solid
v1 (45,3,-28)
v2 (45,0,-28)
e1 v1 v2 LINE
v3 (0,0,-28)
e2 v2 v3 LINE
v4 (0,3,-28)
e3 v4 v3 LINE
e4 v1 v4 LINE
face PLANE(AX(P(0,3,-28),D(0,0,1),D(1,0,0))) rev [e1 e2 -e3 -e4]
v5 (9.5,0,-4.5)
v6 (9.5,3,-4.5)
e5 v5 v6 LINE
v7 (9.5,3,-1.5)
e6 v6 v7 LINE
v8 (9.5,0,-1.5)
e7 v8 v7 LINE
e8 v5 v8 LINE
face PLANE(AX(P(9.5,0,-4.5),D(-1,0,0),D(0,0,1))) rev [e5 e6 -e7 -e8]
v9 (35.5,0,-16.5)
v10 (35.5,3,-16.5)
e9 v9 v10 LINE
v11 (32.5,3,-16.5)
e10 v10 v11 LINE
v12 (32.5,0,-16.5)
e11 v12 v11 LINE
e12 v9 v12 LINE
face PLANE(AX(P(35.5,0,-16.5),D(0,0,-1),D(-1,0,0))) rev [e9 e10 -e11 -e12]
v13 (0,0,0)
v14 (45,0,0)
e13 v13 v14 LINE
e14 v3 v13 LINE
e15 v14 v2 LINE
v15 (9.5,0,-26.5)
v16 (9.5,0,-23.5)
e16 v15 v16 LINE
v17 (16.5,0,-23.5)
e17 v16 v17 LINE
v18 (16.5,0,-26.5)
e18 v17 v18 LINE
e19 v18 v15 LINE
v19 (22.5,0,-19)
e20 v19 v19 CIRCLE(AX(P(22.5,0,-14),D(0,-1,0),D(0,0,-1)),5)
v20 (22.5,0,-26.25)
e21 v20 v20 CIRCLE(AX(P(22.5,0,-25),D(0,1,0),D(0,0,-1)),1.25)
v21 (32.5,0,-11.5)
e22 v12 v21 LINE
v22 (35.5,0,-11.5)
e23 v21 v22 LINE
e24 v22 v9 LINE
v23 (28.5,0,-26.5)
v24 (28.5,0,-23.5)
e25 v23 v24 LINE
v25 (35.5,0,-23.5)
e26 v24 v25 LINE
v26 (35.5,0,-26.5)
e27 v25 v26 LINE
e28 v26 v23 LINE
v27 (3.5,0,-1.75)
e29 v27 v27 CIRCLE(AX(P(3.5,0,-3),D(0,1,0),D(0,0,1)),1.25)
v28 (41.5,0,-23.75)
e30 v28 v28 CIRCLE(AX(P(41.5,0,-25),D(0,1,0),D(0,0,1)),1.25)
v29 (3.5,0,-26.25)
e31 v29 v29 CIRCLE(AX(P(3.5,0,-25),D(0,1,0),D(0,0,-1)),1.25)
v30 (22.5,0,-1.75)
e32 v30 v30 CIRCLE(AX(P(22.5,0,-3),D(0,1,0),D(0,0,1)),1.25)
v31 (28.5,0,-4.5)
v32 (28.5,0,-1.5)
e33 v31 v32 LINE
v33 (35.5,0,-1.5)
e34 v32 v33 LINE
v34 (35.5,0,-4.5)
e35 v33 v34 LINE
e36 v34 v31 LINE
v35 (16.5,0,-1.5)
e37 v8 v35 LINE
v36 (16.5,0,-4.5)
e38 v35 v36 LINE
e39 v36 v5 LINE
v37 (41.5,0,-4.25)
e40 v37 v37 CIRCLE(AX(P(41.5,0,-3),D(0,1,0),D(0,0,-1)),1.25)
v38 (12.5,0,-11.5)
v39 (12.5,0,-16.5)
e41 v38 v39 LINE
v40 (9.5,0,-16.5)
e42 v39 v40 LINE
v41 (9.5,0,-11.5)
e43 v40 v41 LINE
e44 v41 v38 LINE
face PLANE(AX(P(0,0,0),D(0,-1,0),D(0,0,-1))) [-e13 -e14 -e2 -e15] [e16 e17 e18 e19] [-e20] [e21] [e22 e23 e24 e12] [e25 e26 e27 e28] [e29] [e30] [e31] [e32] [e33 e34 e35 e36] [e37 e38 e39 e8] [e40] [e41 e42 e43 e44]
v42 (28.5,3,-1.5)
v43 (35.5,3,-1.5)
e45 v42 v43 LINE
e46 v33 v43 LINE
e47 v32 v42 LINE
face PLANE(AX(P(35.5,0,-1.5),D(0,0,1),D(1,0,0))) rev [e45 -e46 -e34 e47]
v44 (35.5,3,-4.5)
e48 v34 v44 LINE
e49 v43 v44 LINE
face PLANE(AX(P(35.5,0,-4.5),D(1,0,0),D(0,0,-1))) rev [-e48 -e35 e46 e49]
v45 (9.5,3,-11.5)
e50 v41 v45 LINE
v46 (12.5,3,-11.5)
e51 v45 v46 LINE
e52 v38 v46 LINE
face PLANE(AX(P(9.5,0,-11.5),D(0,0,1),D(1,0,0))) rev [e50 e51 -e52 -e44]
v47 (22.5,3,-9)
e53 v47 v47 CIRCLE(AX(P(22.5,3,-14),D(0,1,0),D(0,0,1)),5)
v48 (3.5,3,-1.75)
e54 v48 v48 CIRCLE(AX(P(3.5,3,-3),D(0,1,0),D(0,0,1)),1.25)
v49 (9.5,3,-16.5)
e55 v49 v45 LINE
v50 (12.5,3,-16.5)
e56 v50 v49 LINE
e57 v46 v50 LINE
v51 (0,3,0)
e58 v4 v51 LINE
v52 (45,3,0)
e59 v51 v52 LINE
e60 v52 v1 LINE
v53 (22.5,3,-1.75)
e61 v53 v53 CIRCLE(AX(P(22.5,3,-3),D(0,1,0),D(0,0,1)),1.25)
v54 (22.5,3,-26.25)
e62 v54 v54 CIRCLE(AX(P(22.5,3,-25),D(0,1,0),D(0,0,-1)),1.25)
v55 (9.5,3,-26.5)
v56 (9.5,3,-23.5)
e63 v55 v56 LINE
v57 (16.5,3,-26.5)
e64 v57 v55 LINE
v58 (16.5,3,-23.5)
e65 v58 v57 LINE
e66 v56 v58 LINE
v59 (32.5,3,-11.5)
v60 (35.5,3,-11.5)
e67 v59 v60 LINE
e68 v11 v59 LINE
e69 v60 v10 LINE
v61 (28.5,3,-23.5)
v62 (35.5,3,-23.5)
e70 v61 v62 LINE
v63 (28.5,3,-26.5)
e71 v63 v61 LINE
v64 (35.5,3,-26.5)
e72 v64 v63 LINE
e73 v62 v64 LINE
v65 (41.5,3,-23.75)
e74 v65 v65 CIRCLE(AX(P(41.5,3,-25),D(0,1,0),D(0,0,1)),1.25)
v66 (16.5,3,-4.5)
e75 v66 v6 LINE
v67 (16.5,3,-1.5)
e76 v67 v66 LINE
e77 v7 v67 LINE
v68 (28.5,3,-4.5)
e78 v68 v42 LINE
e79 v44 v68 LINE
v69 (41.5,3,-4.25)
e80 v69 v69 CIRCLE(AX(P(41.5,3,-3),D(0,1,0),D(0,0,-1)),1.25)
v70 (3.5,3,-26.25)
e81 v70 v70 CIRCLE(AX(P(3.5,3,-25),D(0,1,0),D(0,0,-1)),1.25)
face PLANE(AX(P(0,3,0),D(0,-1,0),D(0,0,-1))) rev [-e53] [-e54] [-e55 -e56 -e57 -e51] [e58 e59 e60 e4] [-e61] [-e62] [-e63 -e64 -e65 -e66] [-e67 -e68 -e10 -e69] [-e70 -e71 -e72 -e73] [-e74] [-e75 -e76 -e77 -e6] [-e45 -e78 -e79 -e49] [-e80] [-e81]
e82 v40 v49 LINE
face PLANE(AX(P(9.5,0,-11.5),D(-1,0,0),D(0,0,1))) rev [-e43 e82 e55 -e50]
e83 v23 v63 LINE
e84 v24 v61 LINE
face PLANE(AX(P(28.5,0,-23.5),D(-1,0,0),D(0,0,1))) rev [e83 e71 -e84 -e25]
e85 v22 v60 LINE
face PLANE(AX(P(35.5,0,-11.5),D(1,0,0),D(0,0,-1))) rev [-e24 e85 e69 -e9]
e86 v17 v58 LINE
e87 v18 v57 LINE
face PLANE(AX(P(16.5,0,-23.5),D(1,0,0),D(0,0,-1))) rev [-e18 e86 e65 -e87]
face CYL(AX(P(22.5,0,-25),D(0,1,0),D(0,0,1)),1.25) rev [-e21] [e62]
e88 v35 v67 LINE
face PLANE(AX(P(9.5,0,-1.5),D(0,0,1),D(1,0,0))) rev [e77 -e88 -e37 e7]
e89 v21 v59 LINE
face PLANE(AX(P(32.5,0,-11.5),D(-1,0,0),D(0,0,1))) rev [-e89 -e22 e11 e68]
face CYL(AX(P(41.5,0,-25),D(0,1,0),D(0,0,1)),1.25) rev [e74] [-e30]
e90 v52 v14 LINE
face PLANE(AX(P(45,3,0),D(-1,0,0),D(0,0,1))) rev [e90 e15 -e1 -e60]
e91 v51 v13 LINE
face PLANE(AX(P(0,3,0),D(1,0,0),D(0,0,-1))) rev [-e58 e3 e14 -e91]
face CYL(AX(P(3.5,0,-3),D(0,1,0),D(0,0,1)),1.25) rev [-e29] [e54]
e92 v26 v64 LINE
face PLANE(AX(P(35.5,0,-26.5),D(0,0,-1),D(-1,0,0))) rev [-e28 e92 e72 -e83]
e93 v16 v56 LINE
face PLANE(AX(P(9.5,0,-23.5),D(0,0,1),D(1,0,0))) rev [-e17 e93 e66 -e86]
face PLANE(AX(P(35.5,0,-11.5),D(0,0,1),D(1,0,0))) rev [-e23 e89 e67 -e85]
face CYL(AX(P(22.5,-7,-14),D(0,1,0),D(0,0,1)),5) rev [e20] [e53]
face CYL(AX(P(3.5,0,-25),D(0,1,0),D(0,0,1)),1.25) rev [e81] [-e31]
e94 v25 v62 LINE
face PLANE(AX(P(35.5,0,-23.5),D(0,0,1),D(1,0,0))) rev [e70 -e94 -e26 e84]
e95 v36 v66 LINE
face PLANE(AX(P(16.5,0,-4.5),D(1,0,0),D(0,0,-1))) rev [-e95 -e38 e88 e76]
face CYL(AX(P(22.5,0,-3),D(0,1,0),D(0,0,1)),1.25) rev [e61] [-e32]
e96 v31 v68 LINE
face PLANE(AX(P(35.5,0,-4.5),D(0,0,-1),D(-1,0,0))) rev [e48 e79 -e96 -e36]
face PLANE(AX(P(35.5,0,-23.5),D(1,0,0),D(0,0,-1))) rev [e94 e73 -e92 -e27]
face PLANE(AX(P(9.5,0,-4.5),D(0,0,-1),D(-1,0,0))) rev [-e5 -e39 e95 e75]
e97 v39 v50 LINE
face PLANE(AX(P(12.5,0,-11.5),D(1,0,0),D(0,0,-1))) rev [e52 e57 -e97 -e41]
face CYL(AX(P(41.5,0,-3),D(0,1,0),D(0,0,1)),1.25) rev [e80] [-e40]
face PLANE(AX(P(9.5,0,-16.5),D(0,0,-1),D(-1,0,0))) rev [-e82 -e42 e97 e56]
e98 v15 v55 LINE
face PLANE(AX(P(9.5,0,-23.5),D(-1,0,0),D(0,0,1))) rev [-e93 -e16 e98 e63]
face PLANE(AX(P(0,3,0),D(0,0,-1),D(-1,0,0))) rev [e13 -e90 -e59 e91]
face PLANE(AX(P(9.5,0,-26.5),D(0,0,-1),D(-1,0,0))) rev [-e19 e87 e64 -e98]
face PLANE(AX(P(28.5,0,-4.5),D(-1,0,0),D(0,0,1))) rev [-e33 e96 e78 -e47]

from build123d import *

# Parameters (mm, degrees)
SKETCH_1_W          = 45
SKETCH_1_H          = 28
EXTRUDE_1_DEPTH     = 3
SKETCH_2_R          = 1.25
SKETCH_2_W          = 7
SKETCH_2_H          = 3
CUT_EXTRUDE_1_DEPTH = 4
SKETCH_3_W          = 3
SKETCH_3_H          = 5
CUT_EXTRUDE_2_DEPTH = 4
SKETCH_4_R          = 5
CUT_EXTRUDE_3_DEPTH = 10


with BuildPart() as part:
    # 스케치1 → 보스-돌출1 (new body)
    with BuildSketch(Plane(origin=(0, 0, 0), x_dir=(1, 0, 0), z_dir=(0, 1, 0))):
        with Locations((22.5, 14)):
            Rectangle(SKETCH_1_W, SKETCH_1_H)
    extrude(amount=EXTRUDE_1_DEPTH)

    # 스케치2 → 컷-돌출1 (cut, through all)
    with BuildSketch(Plane(origin=(0, 3, 0), x_dir=(1, 0, 0), z_dir=(0, 1, 0))):
        with Locations((22.5, 3)):
            Circle(SKETCH_2_R)
        with Locations((22.5, 25)):
            Circle(SKETCH_2_R)
        with Locations((3.5, 3)):
            Circle(SKETCH_2_R)
        with Locations((41.5, 3)):
            Circle(SKETCH_2_R)
        with Locations((41.5, 25)):
            Circle(SKETCH_2_R)
        with Locations((3.5, 25)):
            Circle(SKETCH_2_R)
        with Locations((32, 3)):
            Rectangle(SKETCH_2_W, SKETCH_2_H)
        with Locations((13, 3)):
            Rectangle(SKETCH_2_W, SKETCH_2_H)
        with Locations((32, 25)):
            Rectangle(SKETCH_2_W, SKETCH_2_H)
        with Locations((13, 25)):
            Rectangle(SKETCH_2_W, SKETCH_2_H)
    extrude(amount=-CUT_EXTRUDE_1_DEPTH, mode=Mode.SUBTRACT)

    # 스케치3 → 컷-돌출2 (cut, through all)
    with BuildSketch(Plane(origin=(0, 3, 0), x_dir=(1, 0, 0), z_dir=(0, 1, 0))):
        with Locations((11, 14)):
            Rectangle(SKETCH_3_W, SKETCH_3_H)
        with Locations((34, 14)):
            Rectangle(SKETCH_3_W, SKETCH_3_H)
    extrude(amount=-CUT_EXTRUDE_2_DEPTH, mode=Mode.SUBTRACT)

    # 스케치4 → 컷-돌출3 (cut)
    with BuildSketch(Plane(origin=(0, 3, 0), x_dir=(1, 0, 0), z_dir=(0, 1, 0))):
        with Locations((22.5, 14)):
            Circle(SKETCH_4_R)
    extrude(amount=-CUT_EXTRUDE_3_DEPTH, mode=Mode.SUBTRACT)


solid = part.part
